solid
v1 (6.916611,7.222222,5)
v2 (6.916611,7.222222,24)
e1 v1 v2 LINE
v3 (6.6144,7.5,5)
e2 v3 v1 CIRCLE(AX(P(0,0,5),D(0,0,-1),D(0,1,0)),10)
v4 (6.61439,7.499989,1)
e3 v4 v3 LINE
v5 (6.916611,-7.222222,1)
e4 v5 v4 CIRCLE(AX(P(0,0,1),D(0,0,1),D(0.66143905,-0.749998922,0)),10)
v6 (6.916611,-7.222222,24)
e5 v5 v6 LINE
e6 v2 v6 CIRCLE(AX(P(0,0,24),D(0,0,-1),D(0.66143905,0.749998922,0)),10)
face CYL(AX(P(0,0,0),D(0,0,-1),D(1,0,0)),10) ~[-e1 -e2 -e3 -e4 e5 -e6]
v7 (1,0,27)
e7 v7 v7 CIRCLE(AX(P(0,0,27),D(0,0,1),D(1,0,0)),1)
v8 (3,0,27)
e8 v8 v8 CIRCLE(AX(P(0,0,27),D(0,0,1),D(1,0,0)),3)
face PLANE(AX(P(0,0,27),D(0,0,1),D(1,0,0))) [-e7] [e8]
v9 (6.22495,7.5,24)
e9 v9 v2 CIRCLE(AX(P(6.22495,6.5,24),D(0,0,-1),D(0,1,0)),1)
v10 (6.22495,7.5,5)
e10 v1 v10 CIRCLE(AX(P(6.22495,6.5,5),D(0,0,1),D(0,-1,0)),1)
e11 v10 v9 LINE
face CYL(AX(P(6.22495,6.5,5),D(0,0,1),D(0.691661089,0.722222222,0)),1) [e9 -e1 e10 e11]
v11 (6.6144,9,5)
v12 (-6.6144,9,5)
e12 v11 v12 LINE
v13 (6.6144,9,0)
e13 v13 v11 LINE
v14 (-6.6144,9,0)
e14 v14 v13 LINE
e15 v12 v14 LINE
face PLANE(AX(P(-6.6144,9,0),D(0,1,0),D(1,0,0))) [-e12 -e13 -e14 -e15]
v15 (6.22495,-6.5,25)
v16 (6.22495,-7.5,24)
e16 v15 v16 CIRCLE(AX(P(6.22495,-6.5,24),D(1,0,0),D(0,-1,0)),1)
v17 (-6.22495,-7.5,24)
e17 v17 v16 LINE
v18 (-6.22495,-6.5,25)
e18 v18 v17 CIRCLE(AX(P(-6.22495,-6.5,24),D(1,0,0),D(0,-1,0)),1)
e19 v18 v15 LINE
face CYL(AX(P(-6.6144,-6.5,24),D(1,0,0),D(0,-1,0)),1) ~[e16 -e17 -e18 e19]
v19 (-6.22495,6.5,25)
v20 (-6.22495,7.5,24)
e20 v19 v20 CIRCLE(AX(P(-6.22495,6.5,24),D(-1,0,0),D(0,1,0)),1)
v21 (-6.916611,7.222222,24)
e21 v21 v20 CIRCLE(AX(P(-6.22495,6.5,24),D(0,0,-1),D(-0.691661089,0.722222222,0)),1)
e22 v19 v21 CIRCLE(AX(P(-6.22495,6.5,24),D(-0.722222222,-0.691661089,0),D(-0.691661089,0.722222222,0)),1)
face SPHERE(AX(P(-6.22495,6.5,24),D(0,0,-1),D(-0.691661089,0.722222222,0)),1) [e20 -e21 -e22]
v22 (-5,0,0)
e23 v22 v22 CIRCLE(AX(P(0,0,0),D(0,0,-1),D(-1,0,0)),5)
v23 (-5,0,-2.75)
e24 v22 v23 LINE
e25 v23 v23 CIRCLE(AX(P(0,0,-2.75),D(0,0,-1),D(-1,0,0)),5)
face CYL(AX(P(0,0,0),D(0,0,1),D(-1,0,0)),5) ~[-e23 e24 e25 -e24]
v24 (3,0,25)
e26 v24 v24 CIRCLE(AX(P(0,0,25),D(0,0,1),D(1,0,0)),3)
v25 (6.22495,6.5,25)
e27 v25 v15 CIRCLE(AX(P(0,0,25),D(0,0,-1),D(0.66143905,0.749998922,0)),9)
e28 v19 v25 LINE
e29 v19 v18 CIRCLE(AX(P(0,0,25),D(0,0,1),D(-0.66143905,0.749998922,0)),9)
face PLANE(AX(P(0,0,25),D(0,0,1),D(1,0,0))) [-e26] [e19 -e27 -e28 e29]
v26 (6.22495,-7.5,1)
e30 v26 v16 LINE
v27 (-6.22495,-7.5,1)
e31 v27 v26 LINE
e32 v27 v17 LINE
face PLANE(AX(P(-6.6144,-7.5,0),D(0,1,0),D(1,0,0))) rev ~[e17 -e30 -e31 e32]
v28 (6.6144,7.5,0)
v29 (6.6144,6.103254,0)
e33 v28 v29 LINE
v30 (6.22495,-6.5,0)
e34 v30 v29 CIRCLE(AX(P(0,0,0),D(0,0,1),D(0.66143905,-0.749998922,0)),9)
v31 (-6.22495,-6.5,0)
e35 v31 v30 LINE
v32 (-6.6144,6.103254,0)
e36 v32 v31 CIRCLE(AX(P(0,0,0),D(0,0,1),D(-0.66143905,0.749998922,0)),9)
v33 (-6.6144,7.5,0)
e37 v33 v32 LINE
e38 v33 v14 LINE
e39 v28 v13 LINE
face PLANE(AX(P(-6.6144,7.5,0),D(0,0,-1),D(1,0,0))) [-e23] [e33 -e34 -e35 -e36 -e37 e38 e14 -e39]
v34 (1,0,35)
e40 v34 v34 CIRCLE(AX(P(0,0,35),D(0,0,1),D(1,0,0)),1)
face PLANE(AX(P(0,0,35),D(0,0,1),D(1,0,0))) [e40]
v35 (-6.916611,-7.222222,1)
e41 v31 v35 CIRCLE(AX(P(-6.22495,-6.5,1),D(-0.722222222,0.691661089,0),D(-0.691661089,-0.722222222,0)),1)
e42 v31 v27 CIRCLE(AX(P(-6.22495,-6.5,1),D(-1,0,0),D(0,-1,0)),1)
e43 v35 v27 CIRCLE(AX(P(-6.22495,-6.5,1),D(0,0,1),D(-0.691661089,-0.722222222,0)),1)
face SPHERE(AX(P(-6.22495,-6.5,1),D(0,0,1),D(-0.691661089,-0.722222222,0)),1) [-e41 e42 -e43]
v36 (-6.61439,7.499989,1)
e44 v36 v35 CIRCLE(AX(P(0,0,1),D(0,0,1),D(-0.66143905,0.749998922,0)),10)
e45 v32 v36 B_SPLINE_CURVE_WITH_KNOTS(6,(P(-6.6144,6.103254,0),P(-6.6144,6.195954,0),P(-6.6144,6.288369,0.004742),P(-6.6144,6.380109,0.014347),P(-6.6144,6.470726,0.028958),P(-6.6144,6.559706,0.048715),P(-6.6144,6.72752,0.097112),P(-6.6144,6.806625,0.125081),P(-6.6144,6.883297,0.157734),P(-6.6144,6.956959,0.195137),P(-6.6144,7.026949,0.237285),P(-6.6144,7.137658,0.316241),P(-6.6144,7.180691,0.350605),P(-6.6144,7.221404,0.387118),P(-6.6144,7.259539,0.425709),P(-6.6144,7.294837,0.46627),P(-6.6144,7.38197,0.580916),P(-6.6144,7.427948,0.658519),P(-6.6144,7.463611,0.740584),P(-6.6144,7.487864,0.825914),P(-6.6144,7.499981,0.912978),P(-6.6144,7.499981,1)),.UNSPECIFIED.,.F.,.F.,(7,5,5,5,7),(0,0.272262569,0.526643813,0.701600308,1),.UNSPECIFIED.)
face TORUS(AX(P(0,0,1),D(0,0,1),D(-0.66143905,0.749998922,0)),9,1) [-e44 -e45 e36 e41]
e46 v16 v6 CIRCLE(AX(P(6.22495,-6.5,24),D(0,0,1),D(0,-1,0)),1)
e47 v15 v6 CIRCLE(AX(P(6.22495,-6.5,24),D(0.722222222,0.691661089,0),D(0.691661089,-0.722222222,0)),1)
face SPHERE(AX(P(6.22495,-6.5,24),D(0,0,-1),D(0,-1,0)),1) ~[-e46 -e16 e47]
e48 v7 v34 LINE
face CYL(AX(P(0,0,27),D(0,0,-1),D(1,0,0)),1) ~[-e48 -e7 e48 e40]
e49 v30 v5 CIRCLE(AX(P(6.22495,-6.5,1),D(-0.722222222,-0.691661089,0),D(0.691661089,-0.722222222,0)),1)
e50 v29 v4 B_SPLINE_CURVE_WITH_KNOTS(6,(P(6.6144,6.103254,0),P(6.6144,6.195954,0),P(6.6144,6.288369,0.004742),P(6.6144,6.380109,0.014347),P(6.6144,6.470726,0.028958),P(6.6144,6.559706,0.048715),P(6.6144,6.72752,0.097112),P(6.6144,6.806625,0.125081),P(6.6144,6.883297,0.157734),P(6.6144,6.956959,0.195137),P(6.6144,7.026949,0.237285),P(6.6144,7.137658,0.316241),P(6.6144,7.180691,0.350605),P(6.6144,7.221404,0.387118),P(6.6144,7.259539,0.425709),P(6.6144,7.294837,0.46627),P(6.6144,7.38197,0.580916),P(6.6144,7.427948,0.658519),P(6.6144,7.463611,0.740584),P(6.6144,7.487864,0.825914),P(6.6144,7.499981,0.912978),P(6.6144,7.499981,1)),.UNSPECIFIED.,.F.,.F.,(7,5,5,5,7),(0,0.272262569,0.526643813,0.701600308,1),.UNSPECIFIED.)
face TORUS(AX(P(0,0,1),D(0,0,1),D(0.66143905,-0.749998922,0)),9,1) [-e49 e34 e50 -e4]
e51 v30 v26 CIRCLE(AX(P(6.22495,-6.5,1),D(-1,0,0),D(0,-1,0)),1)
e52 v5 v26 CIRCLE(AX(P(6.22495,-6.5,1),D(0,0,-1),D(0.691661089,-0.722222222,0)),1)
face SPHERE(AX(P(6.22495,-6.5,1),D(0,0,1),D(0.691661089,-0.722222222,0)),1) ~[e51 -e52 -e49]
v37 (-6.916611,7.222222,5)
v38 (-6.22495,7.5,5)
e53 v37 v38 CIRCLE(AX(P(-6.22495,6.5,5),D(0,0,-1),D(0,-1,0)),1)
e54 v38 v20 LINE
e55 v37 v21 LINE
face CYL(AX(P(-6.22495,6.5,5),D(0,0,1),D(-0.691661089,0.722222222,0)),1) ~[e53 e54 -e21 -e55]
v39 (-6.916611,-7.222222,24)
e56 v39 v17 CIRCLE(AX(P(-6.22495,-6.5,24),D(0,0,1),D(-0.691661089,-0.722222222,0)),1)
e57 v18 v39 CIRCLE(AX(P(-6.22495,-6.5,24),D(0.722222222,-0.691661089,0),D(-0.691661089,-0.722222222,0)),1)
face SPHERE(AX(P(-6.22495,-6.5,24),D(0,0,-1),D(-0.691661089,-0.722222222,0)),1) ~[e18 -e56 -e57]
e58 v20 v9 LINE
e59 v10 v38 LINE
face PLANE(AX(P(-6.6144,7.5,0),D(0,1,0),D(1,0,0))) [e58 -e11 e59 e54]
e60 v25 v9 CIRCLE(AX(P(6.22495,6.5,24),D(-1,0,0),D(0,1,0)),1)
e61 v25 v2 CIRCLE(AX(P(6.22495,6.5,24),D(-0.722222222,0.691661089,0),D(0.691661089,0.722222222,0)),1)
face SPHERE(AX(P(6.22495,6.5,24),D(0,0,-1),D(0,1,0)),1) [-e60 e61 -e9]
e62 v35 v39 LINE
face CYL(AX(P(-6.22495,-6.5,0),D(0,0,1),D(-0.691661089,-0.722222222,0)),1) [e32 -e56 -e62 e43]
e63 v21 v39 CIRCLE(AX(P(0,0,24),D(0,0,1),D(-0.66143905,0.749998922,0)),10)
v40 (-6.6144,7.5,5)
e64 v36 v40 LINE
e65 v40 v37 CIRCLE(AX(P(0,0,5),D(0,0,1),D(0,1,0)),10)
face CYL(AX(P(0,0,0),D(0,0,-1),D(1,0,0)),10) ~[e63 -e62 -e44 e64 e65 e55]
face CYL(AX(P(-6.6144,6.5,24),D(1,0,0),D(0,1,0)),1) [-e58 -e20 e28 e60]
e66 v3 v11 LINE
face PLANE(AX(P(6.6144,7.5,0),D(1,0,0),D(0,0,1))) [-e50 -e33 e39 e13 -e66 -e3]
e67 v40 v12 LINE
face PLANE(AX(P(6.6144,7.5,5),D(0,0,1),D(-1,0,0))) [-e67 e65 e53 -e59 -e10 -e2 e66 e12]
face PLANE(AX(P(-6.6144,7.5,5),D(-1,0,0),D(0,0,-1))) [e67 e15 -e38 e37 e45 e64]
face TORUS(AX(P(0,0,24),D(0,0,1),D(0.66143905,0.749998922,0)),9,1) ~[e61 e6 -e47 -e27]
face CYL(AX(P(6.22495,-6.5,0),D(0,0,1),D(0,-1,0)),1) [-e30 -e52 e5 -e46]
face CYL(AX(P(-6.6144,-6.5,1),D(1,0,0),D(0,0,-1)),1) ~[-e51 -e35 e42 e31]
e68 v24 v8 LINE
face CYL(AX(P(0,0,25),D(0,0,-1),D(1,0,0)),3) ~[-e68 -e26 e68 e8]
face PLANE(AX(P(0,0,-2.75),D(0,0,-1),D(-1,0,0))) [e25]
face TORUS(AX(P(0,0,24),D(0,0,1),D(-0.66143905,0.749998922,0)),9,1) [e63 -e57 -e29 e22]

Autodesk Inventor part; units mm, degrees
ref_plane "YZ Plane" through (0, 0, 0) normal (1, 0, 0) x (0, 1, 0)
ref_plane "XZ Plane" through (0, 0, 0) normal (0, 1, 0) x (-1, 0, 0)
ref_plane "XY Plane" through (0, 0, 0) normal (0, 0, 1) x (1, 0, 0)
sketch "Skizze1" plane through (0, 0, 0) normal (0, 0, 1) x (1, 0, 0)
  circle A0 centre (0, 0) radius 10
  line L0 (-6.6144, 7.5) -> (6.6144, 7.5)
  line L1 (-6.6144, -7.5) -> (6.6144, -7.5)
  dimension "d0" = 20
  dimension "d1" = 15
extrude "Extrusion1" add sketch "Skizze1" along normal blind 25 contours A0 L1 L0
sketch "Skizze2" plane through (0, 0, 25) normal (0, 0, 1) x (1, 0, 0)
  circle A0 centre (0, 0) radius 3
  dimension "d5" = 6
extrude "Extrusion2" add sketch "Skizze2" along normal blind 2
sketch "Skizze3" plane through (0, 0, 27) normal (0, 0, 1) x (1, 0, 0)
  circle A0 centre (0, 0) radius 1
  dimension "d8" = 2
extrude "Extrusion3" add sketch "Skizze3" along normal blind 8
sketch "Skizze5" plane through (-6.6144, 7.5, 0) normal (0, 1, 0) x (1, 0, 0)
  line L0 (0, 0) -> (13.2288, 0)
  line L1 (13.2288, 0) -> (13.2288, -5)
  line L2 (13.2288, -5) -> (0, -5)
  line L3 (0, -5) -> (0, 0)
  line L4 (13.2288, 0) -> (13.2288, -25) projected
  line L5 (0, 0) -> (0, -25) projected
  line L6 (13.2288, 0) -> (0, 0) projected
  point P0 (6.6144, 0)
  point P1 (13.2288, -2.5)
  point P2 (0, -2.5)
  dimension "d11" = 5
extrude "Extrusion4" add sketch "Skizze5" along normal blind 1.5
sketch "Skizze6" plane through (0, 0, 0) normal (0, 0, -1) x (-1, 0, 0)
  circle A0 centre (0, 0) radius 1 projected
  circle A1 centre (0, 0) radius 5
  dimension "d14" = 10
extrude "Extrusion5" add sketch "Skizze6" along normal blind 2.75 contours A0 | A1
fillet "Rundung2" radius 1 11 edges at (0, -7.5, 25) (-6.6144, -7.5, 12.5) (-10, 0, 25) (0, 7.5, 25) (10, 0, 25) (6.6144, -7.5, 12.5) (6.6144, 7.5, 15) (10, 0, 0) (-10, 0, 0) (-6.6144, 7.5, 15) (0, -7.5, 0)
properties part number "motor"
